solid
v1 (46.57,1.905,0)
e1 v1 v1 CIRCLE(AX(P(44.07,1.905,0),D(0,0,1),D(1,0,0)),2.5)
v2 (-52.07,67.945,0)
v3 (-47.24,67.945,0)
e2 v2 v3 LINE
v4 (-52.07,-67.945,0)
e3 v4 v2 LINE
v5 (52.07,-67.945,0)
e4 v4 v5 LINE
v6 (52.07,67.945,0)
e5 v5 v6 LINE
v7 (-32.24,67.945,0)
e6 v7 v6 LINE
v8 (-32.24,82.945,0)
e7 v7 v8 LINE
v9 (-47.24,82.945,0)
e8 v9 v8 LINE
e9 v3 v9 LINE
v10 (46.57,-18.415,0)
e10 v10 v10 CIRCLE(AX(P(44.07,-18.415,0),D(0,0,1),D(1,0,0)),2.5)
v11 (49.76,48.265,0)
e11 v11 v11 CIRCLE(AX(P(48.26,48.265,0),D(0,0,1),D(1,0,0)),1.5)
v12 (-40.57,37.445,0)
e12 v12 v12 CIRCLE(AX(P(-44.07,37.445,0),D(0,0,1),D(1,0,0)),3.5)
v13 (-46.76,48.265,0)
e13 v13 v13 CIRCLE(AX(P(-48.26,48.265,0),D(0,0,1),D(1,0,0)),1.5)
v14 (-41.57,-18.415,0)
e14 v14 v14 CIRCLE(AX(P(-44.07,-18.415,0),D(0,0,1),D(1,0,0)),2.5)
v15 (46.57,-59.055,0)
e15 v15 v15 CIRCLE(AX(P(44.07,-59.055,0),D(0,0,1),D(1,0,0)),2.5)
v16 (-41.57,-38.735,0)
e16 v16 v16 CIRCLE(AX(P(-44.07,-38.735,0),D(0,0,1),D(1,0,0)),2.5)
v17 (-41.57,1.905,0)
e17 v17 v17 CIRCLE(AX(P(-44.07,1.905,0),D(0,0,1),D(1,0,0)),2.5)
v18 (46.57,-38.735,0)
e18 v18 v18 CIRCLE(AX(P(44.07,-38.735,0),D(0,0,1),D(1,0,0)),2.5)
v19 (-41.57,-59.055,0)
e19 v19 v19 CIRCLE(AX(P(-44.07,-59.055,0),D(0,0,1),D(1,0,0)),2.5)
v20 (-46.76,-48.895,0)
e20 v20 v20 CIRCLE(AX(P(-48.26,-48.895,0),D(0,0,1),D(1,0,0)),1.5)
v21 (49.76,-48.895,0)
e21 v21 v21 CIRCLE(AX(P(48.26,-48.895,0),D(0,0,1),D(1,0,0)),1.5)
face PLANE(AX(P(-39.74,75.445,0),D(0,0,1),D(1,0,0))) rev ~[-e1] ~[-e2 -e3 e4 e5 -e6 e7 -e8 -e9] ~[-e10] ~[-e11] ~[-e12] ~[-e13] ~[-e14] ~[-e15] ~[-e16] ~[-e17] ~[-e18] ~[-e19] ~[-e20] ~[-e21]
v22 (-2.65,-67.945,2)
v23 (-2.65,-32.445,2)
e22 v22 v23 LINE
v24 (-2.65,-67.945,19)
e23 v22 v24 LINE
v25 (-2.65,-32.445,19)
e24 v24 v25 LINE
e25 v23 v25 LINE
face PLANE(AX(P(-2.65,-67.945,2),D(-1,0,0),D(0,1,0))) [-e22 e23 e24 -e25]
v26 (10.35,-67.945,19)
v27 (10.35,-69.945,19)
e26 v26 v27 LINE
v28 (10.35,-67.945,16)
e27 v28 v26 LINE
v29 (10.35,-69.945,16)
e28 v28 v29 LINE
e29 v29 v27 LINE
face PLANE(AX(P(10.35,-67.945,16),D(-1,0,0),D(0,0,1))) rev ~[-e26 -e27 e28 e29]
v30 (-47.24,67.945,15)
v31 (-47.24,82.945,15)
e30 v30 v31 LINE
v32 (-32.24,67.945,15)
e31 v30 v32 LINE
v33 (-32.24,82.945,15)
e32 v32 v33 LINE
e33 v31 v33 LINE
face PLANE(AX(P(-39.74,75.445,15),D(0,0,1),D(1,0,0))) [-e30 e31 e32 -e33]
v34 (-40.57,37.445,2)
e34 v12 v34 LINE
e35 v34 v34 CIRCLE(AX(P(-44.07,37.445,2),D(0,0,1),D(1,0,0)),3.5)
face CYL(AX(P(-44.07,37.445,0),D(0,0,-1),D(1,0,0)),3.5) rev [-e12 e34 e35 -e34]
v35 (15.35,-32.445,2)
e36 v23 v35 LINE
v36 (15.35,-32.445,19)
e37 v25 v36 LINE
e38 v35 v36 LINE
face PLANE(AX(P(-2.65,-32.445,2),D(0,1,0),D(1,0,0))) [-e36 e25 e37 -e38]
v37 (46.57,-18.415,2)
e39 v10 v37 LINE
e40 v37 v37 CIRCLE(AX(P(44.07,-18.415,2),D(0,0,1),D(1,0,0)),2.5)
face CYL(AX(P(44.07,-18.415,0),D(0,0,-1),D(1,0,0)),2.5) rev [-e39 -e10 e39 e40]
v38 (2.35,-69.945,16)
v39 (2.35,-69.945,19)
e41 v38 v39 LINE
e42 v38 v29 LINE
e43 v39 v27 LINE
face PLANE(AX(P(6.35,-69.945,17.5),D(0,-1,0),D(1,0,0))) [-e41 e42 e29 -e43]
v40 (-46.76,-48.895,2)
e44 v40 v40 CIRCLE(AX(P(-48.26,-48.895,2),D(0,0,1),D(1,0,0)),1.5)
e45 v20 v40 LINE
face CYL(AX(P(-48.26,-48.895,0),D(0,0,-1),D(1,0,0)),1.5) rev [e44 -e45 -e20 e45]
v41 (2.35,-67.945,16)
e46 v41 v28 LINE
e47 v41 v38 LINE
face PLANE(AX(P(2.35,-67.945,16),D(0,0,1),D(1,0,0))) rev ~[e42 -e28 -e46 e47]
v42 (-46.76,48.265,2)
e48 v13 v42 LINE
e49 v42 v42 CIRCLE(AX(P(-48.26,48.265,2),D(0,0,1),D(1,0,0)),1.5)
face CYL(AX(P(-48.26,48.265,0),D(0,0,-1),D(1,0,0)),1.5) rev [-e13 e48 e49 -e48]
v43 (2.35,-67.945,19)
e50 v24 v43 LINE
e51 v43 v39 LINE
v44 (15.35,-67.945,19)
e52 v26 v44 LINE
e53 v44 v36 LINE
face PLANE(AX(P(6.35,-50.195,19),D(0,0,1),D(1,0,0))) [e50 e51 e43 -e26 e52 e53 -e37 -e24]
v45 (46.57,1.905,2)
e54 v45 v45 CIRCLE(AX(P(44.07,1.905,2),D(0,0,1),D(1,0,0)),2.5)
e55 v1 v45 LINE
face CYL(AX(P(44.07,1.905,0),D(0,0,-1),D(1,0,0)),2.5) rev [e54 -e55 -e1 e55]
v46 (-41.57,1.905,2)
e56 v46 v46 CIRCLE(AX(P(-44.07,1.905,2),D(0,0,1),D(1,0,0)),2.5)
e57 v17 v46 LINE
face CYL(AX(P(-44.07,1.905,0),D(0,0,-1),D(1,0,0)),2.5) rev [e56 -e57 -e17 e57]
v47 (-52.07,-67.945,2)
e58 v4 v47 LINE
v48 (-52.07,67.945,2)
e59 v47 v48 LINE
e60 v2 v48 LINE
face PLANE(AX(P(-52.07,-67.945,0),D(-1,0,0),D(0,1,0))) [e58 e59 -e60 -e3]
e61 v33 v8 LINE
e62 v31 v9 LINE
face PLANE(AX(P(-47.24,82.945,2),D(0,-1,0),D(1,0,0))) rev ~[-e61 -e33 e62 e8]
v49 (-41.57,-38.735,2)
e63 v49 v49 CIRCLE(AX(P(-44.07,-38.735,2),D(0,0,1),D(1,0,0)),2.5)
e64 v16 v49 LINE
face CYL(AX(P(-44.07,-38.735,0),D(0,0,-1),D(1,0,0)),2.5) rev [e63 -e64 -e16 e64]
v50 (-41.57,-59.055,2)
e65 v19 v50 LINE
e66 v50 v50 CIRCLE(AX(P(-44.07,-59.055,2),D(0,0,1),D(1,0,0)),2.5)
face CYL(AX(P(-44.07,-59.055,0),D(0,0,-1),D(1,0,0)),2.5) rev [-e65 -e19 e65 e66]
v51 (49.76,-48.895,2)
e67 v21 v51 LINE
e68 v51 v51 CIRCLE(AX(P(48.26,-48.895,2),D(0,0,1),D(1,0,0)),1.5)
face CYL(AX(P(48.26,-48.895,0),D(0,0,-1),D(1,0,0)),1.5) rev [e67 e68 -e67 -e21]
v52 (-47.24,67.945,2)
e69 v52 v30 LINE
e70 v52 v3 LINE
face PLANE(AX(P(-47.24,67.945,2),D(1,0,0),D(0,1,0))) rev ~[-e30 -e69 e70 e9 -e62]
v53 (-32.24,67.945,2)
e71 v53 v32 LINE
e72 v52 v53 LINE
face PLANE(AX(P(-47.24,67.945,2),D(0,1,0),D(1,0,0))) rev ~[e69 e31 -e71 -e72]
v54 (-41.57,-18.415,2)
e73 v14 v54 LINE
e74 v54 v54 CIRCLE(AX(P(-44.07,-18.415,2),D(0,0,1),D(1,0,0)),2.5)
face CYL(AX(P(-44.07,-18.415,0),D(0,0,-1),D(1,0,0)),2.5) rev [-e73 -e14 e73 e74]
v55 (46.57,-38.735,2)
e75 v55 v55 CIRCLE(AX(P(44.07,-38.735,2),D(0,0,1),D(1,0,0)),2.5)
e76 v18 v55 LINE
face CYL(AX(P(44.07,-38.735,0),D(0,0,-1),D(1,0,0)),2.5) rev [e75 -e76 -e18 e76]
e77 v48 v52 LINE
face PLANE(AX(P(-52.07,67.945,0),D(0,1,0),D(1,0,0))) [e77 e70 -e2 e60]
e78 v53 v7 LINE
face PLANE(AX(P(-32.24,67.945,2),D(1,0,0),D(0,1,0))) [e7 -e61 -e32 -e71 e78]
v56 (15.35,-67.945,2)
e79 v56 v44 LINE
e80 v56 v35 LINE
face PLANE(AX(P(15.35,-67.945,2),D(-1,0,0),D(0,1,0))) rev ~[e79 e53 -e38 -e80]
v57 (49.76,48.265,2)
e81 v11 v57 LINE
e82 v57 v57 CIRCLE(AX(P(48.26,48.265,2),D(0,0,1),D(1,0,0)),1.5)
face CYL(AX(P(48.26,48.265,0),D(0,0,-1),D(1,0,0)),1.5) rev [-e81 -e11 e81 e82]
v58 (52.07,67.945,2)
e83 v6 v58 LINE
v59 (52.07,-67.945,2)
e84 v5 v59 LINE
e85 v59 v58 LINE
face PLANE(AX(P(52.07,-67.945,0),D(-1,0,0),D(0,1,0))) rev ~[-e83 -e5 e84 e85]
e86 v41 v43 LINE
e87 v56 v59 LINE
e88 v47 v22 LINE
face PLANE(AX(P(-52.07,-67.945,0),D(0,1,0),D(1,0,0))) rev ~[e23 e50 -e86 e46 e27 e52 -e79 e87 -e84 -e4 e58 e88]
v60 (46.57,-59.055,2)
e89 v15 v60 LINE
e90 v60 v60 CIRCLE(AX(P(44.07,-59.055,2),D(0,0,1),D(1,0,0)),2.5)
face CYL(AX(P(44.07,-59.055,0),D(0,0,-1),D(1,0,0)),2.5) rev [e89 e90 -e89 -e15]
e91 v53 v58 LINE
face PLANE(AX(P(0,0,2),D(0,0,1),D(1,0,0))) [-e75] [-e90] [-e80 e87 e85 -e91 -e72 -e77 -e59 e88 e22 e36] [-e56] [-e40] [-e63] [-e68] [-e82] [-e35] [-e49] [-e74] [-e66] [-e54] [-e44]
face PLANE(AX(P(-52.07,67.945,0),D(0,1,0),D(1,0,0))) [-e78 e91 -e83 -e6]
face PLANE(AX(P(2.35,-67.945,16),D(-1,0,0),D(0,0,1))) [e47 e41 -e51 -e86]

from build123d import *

# Parameters (mm, degrees)
F0_W          = 104.14
F0_H          = 135.89
F0_R          = 2.5
F0_R_2        = 1.5
F0_R_3        = 3.5
F1_DEPTH      = 2
F3_W          = 15
F3_H          = 15
F4_DEPTH      = 13
F4_DEPTH_BACK = 2
F5_W          = 18
F5_H          = 35.5
F6_DEPTH      = 17
F8_W          = 8
F8_H          = 3
F9_DEPTH      = 2


with BuildPart() as f1:
    # F0 (on Top) → F1 (new body)
    with BuildSketch(Plane.XY):
        Rectangle(F0_W, F0_H)
        with Locations((-44.07, -59.055)):
            Circle(F0_R, mode=Mode.SUBTRACT)
        with Locations((-48.26, -48.895)):
            Circle(F0_R_2, mode=Mode.SUBTRACT)
        with Locations((-44.07, -38.735)):
            Circle(F0_R, mode=Mode.SUBTRACT)
        with Locations((-44.07, -18.415)):
            Circle(F0_R, mode=Mode.SUBTRACT)
        with Locations((44.07, -59.055)):
            Circle(F0_R, mode=Mode.SUBTRACT)
        with Locations((48.26, -48.895)):
            Circle(F0_R_2, mode=Mode.SUBTRACT)
        with Locations((44.07, -38.735)):
            Circle(F0_R, mode=Mode.SUBTRACT)
        with Locations((44.07, -18.415)):
            Circle(F0_R, mode=Mode.SUBTRACT)
        with Locations((-44.07, 1.905)):
            Circle(F0_R, mode=Mode.SUBTRACT)
        with Locations((-44.07, 37.445)):
            Circle(F0_R_3, mode=Mode.SUBTRACT)
        with Locations((-48.26, 48.265)):
            Circle(F0_R_2, mode=Mode.SUBTRACT)
        with Locations((44.07, 1.905)):
            Circle(F0_R, mode=Mode.SUBTRACT)
        with Locations((48.26, 48.265)):
            Circle(F0_R_2, mode=Mode.SUBTRACT)
    extrude(amount=F1_DEPTH)

    # F3 (on offset) → F4 (join, two sides)
    with BuildSketch(Plane.XY.offset(2)) as f4_sk:
        with Locations((-39.74, 75.445)):
            Rectangle(F3_W, F3_H)
    extrude(amount=F4_DEPTH)
    extrude(f4_sk.sketch, amount=-F4_DEPTH_BACK)

    # F5 (on offset) → F6 (join)
    with BuildSketch(Plane.XY.offset(2)):
        with Locations((6.35, -50.195)):
            Rectangle(F5_W, F5_H)
    extrude(amount=F6_DEPTH)

    # F8 (on offset) → F9 (join)
    with BuildSketch(Plane.XZ.offset(67.945)):
        with Locations((6.35, 17.5)):
            Rectangle(F8_W, F8_H)
    extrude(amount=F9_DEPTH)


solid = f1.part
